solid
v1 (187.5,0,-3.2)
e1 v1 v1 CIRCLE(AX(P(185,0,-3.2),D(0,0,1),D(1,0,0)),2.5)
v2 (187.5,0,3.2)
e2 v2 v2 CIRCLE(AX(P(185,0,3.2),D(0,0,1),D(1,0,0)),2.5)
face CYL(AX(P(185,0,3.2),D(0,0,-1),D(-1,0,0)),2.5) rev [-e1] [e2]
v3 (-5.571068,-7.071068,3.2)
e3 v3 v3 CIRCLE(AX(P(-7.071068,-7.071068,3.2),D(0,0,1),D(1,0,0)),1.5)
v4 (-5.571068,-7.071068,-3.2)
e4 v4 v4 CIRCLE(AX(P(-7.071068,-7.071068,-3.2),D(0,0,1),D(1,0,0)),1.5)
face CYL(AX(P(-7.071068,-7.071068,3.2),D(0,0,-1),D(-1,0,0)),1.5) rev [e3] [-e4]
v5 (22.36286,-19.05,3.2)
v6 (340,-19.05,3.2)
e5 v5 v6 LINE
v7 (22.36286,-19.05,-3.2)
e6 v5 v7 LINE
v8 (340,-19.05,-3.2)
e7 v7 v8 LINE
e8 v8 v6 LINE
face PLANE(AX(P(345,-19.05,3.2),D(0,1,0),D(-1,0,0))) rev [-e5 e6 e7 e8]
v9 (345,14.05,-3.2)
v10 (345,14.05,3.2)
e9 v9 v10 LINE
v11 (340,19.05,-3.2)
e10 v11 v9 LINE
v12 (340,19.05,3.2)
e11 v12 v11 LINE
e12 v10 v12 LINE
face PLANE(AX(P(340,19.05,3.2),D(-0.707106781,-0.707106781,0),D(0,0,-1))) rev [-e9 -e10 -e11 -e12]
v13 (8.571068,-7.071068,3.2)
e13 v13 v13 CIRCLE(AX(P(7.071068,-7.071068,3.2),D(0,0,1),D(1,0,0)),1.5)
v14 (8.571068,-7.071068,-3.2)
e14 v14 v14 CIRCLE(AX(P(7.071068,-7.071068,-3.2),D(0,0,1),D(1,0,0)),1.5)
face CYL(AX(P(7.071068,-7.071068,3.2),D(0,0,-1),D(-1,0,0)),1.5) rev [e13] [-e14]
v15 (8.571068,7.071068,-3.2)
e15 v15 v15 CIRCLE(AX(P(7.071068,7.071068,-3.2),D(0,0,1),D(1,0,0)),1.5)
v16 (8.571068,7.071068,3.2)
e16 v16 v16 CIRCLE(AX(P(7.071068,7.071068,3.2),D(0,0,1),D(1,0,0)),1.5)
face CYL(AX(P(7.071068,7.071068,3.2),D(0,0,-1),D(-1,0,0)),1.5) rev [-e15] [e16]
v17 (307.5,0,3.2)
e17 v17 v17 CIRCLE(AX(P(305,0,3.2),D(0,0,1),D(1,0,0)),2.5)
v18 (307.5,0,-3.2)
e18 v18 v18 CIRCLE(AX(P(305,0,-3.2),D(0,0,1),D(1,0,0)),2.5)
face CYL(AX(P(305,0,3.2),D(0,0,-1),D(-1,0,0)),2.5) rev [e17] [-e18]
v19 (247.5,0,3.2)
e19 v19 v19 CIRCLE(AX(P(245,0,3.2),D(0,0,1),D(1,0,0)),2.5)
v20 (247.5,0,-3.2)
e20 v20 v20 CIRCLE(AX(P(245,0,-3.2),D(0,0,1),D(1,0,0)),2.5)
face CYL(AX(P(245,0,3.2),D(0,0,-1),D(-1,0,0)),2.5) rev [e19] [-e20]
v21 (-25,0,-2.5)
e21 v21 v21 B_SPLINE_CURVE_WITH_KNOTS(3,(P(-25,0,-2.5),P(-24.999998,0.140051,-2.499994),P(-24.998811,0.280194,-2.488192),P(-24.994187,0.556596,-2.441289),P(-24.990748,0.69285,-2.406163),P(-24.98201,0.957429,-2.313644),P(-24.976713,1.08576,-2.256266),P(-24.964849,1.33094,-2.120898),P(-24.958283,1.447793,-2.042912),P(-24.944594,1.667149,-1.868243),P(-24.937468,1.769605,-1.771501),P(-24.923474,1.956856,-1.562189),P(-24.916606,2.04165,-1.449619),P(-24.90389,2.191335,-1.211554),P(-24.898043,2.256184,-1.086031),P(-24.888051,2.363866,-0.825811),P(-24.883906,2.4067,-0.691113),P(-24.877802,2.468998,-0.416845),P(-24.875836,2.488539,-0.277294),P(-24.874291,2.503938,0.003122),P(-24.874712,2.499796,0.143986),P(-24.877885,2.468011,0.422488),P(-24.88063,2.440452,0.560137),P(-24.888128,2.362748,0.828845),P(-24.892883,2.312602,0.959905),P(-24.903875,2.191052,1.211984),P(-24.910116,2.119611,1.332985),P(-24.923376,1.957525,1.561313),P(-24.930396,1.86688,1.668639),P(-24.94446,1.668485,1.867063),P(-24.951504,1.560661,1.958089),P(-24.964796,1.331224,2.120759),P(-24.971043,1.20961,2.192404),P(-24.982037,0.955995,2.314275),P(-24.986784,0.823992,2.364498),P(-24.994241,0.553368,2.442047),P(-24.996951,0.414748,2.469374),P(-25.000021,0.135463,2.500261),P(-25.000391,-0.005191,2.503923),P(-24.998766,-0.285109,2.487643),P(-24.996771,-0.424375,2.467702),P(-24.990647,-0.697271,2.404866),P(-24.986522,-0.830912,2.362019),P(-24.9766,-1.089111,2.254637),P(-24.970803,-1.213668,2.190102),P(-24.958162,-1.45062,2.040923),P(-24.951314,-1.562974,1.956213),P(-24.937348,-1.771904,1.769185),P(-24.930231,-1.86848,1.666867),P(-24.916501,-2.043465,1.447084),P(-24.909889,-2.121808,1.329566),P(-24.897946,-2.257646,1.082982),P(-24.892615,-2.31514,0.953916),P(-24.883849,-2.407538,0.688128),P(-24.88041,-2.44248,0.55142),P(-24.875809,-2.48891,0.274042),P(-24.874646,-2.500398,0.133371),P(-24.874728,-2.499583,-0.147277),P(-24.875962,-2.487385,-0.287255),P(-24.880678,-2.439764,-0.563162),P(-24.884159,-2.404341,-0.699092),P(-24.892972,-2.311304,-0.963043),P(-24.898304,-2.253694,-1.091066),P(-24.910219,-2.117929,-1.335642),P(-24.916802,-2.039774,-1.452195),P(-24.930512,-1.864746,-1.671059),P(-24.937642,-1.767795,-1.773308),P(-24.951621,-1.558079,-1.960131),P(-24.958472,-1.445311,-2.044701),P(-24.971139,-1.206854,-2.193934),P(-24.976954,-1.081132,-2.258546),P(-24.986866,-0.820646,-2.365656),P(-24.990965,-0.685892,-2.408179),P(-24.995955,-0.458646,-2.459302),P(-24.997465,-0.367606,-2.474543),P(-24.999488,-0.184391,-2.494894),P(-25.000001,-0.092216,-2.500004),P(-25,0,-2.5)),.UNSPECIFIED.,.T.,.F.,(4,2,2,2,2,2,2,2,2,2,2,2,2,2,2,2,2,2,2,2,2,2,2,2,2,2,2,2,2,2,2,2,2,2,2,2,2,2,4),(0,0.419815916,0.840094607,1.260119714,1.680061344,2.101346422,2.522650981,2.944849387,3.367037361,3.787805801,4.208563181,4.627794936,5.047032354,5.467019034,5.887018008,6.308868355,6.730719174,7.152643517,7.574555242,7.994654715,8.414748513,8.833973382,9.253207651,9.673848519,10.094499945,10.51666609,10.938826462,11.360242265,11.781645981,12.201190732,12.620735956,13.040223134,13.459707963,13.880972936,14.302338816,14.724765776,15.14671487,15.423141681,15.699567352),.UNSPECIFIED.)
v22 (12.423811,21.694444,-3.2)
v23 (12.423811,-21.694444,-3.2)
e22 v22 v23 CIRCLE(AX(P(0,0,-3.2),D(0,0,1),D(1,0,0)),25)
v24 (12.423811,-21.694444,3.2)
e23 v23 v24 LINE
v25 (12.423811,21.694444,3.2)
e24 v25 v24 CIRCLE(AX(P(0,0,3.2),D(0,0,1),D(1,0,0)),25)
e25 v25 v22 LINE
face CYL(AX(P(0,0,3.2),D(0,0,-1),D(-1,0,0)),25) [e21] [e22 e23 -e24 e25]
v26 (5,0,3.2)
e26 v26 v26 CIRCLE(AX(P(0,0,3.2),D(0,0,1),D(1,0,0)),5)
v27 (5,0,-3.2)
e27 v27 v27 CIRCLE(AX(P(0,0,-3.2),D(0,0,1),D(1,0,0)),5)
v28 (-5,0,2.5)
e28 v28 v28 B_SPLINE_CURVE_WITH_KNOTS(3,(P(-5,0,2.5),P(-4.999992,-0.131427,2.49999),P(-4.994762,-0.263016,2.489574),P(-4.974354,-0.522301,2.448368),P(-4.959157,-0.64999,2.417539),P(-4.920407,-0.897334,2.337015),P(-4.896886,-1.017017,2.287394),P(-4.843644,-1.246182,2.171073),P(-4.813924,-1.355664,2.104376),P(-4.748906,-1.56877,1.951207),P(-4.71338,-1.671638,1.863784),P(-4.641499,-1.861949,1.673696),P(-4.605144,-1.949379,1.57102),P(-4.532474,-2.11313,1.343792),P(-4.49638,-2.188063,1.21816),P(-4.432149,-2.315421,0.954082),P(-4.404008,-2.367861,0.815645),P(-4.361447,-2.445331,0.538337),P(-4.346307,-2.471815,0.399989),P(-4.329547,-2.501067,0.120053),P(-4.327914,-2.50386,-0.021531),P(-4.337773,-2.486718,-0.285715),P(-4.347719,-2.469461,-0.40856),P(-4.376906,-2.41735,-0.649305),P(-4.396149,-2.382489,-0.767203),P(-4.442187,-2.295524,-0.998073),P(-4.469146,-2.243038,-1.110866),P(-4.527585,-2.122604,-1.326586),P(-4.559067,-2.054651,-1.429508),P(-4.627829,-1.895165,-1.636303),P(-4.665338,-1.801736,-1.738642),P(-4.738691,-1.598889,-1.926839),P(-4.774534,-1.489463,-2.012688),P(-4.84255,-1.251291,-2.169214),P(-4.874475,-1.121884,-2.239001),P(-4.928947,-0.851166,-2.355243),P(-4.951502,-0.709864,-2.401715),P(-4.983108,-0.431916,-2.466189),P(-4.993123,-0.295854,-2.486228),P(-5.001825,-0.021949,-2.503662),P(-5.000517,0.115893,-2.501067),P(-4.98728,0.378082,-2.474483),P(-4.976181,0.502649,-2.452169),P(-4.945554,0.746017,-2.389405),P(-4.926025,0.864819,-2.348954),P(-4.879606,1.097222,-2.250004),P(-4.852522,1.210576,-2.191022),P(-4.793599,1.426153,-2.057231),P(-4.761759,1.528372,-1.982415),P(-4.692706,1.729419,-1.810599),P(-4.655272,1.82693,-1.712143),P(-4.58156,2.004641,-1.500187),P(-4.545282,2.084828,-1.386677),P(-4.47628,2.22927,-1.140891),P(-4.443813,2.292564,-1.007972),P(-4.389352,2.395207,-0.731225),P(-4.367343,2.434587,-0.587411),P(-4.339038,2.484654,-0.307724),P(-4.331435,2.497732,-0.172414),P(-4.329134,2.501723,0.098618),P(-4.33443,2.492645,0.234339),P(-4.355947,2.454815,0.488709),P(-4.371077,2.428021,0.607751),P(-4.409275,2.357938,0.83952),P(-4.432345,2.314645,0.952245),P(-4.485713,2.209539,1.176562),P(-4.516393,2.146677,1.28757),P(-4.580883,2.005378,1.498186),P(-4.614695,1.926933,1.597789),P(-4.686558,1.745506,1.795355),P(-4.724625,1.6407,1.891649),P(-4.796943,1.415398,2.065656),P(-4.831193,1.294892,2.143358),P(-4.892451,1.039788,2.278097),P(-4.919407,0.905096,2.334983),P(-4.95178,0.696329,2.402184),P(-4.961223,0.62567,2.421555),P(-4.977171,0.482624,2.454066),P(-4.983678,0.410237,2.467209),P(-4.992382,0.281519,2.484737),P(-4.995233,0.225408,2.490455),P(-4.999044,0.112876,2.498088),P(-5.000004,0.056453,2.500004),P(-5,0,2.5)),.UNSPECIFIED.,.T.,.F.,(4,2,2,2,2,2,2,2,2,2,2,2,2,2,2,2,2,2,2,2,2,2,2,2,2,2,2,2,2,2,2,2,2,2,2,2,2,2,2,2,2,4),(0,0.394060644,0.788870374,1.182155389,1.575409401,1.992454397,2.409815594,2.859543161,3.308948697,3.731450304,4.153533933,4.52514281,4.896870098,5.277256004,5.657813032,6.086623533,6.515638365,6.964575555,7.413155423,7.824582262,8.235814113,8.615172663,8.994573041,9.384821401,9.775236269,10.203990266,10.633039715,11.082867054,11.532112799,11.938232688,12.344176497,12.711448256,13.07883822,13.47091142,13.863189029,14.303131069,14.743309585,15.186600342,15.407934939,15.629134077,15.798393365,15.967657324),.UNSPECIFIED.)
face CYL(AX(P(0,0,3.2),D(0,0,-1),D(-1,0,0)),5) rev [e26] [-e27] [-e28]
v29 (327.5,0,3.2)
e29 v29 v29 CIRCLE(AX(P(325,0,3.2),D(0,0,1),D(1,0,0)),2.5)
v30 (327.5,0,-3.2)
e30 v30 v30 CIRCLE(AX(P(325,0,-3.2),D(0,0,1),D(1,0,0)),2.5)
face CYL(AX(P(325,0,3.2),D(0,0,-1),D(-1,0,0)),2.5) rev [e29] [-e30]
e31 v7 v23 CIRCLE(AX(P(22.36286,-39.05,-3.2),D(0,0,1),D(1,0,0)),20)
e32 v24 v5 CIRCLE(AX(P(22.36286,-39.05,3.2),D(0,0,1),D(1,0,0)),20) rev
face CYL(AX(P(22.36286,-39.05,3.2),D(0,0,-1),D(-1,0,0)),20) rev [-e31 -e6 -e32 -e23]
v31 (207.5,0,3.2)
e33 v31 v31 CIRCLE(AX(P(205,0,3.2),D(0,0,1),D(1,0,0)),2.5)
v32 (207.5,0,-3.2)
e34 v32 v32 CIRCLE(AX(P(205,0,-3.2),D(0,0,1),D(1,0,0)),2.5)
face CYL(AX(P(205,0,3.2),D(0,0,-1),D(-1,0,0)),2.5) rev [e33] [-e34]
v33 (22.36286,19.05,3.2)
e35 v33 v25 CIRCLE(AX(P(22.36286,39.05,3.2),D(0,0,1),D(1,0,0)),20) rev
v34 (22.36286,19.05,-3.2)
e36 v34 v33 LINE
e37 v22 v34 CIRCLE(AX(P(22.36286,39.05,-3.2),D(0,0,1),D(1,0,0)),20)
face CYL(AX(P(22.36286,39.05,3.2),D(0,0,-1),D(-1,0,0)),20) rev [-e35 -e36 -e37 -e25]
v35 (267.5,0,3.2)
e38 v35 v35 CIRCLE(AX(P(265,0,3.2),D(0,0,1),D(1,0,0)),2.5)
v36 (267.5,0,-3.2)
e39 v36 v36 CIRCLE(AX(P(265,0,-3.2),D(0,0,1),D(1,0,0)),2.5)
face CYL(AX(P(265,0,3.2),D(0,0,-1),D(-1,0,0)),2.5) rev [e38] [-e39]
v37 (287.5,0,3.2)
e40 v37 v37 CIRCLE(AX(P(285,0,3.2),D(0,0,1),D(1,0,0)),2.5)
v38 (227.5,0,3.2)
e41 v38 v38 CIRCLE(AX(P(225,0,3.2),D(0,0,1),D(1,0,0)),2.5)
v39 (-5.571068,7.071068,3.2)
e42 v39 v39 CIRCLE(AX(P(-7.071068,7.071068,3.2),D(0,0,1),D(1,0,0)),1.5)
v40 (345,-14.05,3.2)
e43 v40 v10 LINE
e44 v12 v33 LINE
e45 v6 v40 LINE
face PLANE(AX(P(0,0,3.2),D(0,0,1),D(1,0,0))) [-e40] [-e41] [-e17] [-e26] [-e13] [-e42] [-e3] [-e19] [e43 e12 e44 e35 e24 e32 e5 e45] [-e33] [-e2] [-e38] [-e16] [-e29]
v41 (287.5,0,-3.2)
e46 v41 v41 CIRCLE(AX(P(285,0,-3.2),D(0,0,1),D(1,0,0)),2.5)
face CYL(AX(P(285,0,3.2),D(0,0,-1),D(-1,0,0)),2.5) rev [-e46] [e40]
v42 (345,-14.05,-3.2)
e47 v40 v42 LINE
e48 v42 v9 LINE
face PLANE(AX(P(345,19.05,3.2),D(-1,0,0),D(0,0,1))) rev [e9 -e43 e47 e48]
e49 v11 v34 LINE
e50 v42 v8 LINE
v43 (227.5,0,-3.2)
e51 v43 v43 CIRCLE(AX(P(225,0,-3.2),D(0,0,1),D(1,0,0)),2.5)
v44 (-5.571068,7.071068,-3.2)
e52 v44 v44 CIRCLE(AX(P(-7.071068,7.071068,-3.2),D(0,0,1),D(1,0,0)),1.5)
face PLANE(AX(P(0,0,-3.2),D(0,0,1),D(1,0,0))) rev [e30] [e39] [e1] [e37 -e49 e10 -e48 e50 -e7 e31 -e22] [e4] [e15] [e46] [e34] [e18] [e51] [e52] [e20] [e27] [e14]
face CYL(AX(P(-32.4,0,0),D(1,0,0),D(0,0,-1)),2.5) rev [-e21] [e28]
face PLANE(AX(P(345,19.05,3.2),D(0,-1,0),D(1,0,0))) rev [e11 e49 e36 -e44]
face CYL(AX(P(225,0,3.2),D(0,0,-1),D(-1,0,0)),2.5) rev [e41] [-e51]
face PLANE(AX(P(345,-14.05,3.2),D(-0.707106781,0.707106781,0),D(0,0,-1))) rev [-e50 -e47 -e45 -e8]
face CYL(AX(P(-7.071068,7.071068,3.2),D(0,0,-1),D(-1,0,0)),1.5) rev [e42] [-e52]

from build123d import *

# Parameters (mm, degrees)
SKETCH1_R           = 1.5
SKETCH1_R_2         = 2.5
SKETCH1_R_3         = 5
BOSS_EXTRUDE1_DEPTH = 3.2
SKETCH4_R           = 2.5
CUT_EXTRUDE1_DEPTH  = 32.4
FILLET1_R           = 20
CHAMFER1_SIZE       = 5


with BuildPart() as part:
    # Sketch1 → Boss-Extrude1 (new, symmetric)
    with BuildSketch(Plane.XY):
        with BuildLine():
            Line((345, 19.05), (16.189425561, 19.05))
            ThreePointArc((16.189425561, 19.05), (-25, 0), (16.189425561, -19.05))
            Line((16.189425561, -19.05), (345, -19.05))
            Line((345, -19.05), (345, 19.05))
        make_face()
        with Locations((7.071067812, 7.071067812)):
            Circle(SKETCH1_R, mode=Mode.SUBTRACT)
        with Locations((7.071067812, -7.071067812)):
            Circle(SKETCH1_R, mode=Mode.SUBTRACT)
        with Locations((-7.071067812, -7.071067812)):
            Circle(SKETCH1_R, mode=Mode.SUBTRACT)
        with Locations((-7.071067812, 7.071067812)):
            Circle(SKETCH1_R, mode=Mode.SUBTRACT)
        with Locations((325, 0)):
            Circle(SKETCH1_R_2, mode=Mode.SUBTRACT)
        with Locations((305, 0)):
            Circle(SKETCH1_R_2, mode=Mode.SUBTRACT)
        with Locations((285, 0)):
            Circle(SKETCH1_R_2, mode=Mode.SUBTRACT)
        with Locations((265, 0)):
            Circle(SKETCH1_R_2, mode=Mode.SUBTRACT)
        with Locations((245, 0)):
            Circle(SKETCH1_R_2, mode=Mode.SUBTRACT)
        with Locations((225, 0)):
            Circle(SKETCH1_R_2, mode=Mode.SUBTRACT)
        with Locations((205, 0)):
            Circle(SKETCH1_R_2, mode=Mode.SUBTRACT)
        with Locations((185, 0)):
            Circle(SKETCH1_R_2, mode=Mode.SUBTRACT)
        Circle(SKETCH1_R_3, mode=Mode.SUBTRACT)
    extrude(amount=BOSS_EXTRUDE1_DEPTH, both=True)

    # Sketch4 → Cut-Extrude1 (cut)
    with BuildSketch(Plane(origin=(0, 0, 0), x_dir=(0, 0, -1), z_dir=(1, 0, 0))):
        Circle(SKETCH4_R)
    extrude(amount=-CUT_EXTRUDE1_DEPTH, mode=Mode.SUBTRACT)

    # Fillet1
    fillet1_edges = [part.edges().sort_by_distance(p)[0] for p in [
        (16.189425561, -19.05, 0),
        (16.189425561, 19.05, 0),
    ]]
    fillet(fillet1_edges, radius=FILLET1_R)

    # Chamfer1
    chamfer1_edges = [part.edges().sort_by_distance(p)[0] for p in [
        (345, -19.05, 0),
        (345, 19.05, 0),
    ]]
    chamfer(chamfer1_edges, length=CHAMFER1_SIZE)


solid = part.part
